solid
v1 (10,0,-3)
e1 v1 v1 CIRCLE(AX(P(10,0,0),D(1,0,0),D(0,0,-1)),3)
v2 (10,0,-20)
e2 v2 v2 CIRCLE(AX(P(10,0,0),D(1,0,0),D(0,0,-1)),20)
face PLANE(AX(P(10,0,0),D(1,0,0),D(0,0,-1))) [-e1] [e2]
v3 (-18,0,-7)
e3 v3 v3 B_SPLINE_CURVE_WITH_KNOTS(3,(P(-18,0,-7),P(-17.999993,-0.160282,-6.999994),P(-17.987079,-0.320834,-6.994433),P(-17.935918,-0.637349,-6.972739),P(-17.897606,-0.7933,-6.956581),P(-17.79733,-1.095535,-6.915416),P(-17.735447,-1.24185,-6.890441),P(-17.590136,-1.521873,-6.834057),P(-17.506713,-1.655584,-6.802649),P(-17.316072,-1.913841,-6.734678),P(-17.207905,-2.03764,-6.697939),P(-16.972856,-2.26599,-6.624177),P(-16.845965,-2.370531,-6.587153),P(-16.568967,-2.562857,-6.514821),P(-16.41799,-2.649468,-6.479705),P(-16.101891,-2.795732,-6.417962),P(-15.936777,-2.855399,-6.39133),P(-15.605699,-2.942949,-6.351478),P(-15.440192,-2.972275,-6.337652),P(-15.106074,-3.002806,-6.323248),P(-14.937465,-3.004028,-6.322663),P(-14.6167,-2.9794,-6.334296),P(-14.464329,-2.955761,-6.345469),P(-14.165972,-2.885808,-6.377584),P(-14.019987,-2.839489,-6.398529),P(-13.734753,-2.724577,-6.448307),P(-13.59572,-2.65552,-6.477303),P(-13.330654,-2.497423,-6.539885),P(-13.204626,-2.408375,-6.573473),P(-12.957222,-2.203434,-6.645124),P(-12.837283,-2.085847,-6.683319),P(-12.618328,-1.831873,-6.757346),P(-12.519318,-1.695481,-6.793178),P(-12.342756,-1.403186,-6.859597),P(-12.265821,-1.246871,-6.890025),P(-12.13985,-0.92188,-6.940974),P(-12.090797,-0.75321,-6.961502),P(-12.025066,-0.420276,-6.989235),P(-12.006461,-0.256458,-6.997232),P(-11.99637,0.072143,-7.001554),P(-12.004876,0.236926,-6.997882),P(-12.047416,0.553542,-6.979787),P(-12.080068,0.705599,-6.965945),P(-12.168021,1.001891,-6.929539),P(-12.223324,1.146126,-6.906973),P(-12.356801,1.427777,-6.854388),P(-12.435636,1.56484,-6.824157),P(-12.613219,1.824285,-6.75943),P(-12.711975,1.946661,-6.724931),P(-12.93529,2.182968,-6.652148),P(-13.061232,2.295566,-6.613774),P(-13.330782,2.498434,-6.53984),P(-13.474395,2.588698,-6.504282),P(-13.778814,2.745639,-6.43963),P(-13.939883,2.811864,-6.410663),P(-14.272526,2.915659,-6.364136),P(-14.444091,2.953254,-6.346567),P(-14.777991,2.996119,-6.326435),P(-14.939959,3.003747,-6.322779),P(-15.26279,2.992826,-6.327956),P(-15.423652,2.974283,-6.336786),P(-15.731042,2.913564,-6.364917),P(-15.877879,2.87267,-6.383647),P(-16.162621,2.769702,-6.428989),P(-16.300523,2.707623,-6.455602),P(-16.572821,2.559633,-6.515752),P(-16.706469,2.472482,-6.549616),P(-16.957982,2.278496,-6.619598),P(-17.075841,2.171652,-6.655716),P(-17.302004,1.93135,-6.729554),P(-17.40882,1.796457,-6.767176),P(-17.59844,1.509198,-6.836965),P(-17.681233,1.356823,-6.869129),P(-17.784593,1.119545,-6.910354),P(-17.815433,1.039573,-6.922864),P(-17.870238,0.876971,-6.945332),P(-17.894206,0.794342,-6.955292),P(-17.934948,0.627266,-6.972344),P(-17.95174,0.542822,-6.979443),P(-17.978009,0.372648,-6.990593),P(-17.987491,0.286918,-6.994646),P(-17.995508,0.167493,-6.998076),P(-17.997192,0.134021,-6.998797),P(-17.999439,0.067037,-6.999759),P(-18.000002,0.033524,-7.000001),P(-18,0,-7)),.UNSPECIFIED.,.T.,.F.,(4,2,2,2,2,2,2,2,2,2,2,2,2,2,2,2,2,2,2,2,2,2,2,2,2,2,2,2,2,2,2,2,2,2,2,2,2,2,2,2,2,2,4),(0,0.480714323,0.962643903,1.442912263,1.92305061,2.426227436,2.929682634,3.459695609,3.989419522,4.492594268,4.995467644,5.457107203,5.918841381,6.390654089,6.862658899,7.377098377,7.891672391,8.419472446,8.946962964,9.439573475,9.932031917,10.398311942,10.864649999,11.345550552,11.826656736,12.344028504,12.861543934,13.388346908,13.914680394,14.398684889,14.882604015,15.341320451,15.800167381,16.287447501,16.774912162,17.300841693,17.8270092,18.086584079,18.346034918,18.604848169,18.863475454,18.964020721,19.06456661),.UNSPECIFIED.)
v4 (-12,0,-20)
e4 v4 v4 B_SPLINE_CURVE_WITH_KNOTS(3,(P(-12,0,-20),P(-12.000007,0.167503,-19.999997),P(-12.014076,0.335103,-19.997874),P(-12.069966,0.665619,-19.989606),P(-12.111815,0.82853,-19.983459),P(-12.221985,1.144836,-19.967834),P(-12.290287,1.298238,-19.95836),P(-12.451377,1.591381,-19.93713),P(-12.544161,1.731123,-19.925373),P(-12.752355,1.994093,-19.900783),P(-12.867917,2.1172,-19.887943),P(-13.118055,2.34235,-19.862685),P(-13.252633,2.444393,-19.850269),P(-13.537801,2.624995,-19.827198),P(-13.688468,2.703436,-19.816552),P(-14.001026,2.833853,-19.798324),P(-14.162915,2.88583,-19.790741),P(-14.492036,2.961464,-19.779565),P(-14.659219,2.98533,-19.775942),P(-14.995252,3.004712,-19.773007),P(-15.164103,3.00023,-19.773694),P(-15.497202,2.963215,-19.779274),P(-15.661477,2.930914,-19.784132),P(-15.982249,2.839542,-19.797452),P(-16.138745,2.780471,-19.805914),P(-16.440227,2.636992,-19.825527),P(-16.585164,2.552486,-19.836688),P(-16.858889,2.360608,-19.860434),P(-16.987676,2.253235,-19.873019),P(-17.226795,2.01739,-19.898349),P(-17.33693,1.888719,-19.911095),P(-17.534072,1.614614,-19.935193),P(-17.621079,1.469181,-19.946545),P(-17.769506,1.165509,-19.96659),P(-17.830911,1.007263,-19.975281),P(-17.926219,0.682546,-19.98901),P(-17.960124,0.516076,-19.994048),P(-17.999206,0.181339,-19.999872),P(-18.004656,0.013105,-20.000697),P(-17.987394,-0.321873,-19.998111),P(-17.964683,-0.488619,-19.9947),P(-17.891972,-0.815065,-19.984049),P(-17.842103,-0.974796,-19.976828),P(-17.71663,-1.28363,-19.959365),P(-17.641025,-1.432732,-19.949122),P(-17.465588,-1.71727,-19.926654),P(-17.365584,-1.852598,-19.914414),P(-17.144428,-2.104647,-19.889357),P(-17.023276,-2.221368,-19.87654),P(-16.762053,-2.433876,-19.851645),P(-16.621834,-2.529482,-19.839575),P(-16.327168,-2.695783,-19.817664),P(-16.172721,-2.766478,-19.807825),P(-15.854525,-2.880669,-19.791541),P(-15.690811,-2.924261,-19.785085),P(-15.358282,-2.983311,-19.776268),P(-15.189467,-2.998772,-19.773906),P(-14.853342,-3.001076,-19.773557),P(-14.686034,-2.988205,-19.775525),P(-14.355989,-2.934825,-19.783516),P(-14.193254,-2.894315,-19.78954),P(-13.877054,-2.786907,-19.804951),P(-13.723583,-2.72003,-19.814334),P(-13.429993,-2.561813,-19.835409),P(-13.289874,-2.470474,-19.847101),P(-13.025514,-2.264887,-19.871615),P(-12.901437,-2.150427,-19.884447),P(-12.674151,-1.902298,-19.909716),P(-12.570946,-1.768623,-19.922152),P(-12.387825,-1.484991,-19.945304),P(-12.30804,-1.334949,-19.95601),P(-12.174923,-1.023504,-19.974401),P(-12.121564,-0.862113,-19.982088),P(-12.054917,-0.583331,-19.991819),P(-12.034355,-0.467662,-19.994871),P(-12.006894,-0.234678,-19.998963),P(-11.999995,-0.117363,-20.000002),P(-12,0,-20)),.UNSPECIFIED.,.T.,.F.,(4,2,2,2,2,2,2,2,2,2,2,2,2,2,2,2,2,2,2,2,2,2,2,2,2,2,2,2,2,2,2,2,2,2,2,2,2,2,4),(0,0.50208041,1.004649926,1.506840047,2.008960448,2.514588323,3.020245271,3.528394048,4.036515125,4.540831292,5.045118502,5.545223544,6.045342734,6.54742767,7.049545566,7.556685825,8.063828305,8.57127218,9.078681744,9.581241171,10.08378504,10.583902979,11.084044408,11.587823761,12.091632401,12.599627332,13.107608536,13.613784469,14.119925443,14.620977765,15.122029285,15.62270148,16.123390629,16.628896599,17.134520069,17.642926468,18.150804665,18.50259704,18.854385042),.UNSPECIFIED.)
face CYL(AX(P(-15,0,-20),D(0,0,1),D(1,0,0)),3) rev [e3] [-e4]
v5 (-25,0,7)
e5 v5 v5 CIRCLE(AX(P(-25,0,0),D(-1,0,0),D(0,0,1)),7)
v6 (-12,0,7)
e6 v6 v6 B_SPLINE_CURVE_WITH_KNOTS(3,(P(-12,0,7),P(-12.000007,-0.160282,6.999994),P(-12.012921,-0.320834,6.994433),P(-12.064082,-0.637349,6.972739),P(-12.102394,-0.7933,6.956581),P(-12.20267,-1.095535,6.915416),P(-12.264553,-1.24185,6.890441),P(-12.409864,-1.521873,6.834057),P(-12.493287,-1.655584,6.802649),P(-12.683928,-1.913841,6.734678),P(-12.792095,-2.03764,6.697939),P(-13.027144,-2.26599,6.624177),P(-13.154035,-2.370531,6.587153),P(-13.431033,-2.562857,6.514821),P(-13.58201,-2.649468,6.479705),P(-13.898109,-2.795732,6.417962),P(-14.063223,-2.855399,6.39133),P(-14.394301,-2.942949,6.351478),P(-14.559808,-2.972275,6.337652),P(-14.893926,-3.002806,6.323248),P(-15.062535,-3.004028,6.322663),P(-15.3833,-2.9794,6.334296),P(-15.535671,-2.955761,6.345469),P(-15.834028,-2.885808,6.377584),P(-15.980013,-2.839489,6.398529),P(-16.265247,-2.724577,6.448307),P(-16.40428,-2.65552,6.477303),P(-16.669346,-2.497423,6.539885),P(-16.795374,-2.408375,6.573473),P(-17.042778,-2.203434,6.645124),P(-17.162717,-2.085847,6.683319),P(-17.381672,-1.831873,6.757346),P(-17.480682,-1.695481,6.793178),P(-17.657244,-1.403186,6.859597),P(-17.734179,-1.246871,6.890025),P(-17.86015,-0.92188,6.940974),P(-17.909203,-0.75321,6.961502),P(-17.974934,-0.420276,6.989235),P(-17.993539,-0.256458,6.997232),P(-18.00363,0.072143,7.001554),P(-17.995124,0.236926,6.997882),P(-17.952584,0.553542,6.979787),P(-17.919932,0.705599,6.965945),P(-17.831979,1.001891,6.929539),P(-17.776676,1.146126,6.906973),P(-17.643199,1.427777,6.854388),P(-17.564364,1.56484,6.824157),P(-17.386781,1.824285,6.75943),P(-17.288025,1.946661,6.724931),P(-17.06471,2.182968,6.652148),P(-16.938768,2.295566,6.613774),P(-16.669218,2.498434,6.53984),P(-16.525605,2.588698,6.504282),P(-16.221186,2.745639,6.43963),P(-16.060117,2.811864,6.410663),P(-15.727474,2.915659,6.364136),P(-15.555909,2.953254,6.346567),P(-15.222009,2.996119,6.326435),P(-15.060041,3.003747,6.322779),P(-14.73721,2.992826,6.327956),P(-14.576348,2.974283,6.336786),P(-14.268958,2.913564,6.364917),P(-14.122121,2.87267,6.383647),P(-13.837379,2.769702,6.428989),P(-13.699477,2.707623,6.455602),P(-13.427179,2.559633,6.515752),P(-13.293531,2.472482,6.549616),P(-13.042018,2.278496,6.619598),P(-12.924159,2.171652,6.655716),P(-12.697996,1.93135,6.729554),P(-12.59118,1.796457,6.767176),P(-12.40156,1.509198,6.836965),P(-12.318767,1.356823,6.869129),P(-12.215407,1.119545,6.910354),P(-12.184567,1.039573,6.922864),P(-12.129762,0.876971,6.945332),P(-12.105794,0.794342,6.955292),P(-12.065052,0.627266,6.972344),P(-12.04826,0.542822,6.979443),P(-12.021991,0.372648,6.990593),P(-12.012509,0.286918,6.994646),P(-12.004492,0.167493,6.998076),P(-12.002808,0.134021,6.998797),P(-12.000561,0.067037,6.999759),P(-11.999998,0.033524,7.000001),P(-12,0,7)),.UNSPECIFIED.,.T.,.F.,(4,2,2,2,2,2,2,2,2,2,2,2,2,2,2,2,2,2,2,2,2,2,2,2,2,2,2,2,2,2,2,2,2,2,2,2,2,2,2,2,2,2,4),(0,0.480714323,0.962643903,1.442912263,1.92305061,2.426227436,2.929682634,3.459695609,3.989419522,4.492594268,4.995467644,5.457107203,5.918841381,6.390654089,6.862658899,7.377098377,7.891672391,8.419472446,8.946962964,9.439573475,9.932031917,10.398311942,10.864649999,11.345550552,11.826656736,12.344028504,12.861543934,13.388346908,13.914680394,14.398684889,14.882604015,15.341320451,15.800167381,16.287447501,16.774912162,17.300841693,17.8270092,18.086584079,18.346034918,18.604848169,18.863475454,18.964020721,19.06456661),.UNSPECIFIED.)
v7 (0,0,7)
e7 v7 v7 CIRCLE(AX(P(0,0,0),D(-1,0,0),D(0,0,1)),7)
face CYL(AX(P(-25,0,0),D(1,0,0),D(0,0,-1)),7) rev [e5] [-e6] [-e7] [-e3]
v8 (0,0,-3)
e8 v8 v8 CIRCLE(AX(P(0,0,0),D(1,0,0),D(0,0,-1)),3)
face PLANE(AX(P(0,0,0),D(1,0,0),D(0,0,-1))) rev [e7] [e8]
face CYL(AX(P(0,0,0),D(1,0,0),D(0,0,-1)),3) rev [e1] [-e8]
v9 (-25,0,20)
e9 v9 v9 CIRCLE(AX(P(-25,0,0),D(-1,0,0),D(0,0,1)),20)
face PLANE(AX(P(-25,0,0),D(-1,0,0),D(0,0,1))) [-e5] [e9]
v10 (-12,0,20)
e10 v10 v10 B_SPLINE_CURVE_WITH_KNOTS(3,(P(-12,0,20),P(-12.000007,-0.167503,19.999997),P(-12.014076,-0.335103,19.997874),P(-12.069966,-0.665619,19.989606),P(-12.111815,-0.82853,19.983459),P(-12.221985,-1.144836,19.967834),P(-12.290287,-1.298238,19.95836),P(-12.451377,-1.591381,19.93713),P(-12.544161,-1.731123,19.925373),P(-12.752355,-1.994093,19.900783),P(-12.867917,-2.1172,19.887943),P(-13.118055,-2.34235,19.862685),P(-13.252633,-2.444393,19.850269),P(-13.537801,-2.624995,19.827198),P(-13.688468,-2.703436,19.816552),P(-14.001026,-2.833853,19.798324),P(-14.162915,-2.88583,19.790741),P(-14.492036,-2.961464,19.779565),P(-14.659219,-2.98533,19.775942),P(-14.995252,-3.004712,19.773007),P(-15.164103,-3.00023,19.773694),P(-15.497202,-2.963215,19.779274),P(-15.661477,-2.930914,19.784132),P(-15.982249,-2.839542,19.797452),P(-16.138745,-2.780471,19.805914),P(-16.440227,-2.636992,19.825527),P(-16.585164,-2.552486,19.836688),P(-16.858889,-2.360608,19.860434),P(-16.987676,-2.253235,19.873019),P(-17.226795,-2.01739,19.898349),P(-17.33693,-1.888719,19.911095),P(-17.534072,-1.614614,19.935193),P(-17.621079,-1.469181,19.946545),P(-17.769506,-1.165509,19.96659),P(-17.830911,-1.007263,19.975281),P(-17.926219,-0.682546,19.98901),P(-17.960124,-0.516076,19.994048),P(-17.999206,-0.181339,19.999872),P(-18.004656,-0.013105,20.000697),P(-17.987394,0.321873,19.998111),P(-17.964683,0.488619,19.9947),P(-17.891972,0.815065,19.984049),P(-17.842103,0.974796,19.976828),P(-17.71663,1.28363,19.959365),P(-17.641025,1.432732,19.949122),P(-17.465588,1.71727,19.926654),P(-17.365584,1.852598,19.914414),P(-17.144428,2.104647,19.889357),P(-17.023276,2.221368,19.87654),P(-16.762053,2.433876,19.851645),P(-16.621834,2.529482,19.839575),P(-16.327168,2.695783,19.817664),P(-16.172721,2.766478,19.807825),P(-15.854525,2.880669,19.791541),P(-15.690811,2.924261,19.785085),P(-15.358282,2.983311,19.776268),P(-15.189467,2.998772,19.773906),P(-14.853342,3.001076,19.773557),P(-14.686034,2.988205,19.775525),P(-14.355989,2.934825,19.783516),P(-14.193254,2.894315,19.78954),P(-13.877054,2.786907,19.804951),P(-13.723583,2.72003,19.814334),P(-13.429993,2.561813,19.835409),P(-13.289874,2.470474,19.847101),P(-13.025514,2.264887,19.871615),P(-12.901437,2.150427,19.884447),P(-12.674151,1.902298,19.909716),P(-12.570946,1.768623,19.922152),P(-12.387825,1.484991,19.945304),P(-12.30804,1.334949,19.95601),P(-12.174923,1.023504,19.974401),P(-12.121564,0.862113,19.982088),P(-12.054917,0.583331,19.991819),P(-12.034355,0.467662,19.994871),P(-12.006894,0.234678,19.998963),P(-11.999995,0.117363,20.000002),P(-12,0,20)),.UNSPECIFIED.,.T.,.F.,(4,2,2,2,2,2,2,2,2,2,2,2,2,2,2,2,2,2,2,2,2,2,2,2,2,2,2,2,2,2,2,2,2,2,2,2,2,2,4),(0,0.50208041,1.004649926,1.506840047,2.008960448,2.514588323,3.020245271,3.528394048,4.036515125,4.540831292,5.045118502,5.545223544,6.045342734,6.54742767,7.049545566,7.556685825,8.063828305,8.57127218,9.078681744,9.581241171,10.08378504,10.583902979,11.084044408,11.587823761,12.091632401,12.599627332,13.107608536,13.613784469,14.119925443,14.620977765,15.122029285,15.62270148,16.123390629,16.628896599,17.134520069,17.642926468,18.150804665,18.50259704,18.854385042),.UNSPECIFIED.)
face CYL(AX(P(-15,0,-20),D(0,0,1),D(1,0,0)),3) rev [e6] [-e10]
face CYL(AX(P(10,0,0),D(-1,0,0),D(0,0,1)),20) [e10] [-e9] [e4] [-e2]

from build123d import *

# Parameters (mm, degrees)
SKETCH_1_R          = 20
EXTRUDE_2_DEPTH     = 10
EXTRUDE_START       = 25
SKETCH_2_R          = 20
SKETCH_2_R_2        = 7
EXTRUDE_3_DEPTH     = 25
SKETCH_3_R          = 3
CUT_EXTRUDE_2_DEPTH = 10
SKETCH_4_R          = 3
CUT_EXTRUDE_3_DEPTH = 20


with BuildPart() as part:
    # 草图1 → 凸台-拉伸2 (new body)
    with BuildSketch(Plane(origin=(0, 0, 0), x_dir=(0, 0, -1), z_dir=(1, 0, 0))):
        Circle(SKETCH_1_R)
    extrude(amount=EXTRUDE_2_DEPTH)

    # 草图2 → 凸台-拉伸3 (add)
    with BuildSketch(Plane.ZY.offset(EXTRUDE_START)):
        Circle(SKETCH_2_R)
        Circle(SKETCH_2_R_2, mode=Mode.SUBTRACT)
    extrude(amount=-EXTRUDE_3_DEPTH)

    # 草图3 → 切除-拉伸2 (cut)
    with BuildSketch(Plane(origin=(10, 0, 0), x_dir=(0, 0, -1), z_dir=(1, 0, 0))):
        Circle(SKETCH_3_R)
    extrude(amount=-CUT_EXTRUDE_2_DEPTH, mode=Mode.SUBTRACT)

    # 草图4 → 切除-拉伸3 (cut, symmetric)
    with BuildSketch(Plane.XY):
        with Locations((-15, 0)):
            Circle(SKETCH_4_R)
    extrude(amount=CUT_EXTRUDE_3_DEPTH, both=True, mode=Mode.SUBTRACT)


solid = part.part
